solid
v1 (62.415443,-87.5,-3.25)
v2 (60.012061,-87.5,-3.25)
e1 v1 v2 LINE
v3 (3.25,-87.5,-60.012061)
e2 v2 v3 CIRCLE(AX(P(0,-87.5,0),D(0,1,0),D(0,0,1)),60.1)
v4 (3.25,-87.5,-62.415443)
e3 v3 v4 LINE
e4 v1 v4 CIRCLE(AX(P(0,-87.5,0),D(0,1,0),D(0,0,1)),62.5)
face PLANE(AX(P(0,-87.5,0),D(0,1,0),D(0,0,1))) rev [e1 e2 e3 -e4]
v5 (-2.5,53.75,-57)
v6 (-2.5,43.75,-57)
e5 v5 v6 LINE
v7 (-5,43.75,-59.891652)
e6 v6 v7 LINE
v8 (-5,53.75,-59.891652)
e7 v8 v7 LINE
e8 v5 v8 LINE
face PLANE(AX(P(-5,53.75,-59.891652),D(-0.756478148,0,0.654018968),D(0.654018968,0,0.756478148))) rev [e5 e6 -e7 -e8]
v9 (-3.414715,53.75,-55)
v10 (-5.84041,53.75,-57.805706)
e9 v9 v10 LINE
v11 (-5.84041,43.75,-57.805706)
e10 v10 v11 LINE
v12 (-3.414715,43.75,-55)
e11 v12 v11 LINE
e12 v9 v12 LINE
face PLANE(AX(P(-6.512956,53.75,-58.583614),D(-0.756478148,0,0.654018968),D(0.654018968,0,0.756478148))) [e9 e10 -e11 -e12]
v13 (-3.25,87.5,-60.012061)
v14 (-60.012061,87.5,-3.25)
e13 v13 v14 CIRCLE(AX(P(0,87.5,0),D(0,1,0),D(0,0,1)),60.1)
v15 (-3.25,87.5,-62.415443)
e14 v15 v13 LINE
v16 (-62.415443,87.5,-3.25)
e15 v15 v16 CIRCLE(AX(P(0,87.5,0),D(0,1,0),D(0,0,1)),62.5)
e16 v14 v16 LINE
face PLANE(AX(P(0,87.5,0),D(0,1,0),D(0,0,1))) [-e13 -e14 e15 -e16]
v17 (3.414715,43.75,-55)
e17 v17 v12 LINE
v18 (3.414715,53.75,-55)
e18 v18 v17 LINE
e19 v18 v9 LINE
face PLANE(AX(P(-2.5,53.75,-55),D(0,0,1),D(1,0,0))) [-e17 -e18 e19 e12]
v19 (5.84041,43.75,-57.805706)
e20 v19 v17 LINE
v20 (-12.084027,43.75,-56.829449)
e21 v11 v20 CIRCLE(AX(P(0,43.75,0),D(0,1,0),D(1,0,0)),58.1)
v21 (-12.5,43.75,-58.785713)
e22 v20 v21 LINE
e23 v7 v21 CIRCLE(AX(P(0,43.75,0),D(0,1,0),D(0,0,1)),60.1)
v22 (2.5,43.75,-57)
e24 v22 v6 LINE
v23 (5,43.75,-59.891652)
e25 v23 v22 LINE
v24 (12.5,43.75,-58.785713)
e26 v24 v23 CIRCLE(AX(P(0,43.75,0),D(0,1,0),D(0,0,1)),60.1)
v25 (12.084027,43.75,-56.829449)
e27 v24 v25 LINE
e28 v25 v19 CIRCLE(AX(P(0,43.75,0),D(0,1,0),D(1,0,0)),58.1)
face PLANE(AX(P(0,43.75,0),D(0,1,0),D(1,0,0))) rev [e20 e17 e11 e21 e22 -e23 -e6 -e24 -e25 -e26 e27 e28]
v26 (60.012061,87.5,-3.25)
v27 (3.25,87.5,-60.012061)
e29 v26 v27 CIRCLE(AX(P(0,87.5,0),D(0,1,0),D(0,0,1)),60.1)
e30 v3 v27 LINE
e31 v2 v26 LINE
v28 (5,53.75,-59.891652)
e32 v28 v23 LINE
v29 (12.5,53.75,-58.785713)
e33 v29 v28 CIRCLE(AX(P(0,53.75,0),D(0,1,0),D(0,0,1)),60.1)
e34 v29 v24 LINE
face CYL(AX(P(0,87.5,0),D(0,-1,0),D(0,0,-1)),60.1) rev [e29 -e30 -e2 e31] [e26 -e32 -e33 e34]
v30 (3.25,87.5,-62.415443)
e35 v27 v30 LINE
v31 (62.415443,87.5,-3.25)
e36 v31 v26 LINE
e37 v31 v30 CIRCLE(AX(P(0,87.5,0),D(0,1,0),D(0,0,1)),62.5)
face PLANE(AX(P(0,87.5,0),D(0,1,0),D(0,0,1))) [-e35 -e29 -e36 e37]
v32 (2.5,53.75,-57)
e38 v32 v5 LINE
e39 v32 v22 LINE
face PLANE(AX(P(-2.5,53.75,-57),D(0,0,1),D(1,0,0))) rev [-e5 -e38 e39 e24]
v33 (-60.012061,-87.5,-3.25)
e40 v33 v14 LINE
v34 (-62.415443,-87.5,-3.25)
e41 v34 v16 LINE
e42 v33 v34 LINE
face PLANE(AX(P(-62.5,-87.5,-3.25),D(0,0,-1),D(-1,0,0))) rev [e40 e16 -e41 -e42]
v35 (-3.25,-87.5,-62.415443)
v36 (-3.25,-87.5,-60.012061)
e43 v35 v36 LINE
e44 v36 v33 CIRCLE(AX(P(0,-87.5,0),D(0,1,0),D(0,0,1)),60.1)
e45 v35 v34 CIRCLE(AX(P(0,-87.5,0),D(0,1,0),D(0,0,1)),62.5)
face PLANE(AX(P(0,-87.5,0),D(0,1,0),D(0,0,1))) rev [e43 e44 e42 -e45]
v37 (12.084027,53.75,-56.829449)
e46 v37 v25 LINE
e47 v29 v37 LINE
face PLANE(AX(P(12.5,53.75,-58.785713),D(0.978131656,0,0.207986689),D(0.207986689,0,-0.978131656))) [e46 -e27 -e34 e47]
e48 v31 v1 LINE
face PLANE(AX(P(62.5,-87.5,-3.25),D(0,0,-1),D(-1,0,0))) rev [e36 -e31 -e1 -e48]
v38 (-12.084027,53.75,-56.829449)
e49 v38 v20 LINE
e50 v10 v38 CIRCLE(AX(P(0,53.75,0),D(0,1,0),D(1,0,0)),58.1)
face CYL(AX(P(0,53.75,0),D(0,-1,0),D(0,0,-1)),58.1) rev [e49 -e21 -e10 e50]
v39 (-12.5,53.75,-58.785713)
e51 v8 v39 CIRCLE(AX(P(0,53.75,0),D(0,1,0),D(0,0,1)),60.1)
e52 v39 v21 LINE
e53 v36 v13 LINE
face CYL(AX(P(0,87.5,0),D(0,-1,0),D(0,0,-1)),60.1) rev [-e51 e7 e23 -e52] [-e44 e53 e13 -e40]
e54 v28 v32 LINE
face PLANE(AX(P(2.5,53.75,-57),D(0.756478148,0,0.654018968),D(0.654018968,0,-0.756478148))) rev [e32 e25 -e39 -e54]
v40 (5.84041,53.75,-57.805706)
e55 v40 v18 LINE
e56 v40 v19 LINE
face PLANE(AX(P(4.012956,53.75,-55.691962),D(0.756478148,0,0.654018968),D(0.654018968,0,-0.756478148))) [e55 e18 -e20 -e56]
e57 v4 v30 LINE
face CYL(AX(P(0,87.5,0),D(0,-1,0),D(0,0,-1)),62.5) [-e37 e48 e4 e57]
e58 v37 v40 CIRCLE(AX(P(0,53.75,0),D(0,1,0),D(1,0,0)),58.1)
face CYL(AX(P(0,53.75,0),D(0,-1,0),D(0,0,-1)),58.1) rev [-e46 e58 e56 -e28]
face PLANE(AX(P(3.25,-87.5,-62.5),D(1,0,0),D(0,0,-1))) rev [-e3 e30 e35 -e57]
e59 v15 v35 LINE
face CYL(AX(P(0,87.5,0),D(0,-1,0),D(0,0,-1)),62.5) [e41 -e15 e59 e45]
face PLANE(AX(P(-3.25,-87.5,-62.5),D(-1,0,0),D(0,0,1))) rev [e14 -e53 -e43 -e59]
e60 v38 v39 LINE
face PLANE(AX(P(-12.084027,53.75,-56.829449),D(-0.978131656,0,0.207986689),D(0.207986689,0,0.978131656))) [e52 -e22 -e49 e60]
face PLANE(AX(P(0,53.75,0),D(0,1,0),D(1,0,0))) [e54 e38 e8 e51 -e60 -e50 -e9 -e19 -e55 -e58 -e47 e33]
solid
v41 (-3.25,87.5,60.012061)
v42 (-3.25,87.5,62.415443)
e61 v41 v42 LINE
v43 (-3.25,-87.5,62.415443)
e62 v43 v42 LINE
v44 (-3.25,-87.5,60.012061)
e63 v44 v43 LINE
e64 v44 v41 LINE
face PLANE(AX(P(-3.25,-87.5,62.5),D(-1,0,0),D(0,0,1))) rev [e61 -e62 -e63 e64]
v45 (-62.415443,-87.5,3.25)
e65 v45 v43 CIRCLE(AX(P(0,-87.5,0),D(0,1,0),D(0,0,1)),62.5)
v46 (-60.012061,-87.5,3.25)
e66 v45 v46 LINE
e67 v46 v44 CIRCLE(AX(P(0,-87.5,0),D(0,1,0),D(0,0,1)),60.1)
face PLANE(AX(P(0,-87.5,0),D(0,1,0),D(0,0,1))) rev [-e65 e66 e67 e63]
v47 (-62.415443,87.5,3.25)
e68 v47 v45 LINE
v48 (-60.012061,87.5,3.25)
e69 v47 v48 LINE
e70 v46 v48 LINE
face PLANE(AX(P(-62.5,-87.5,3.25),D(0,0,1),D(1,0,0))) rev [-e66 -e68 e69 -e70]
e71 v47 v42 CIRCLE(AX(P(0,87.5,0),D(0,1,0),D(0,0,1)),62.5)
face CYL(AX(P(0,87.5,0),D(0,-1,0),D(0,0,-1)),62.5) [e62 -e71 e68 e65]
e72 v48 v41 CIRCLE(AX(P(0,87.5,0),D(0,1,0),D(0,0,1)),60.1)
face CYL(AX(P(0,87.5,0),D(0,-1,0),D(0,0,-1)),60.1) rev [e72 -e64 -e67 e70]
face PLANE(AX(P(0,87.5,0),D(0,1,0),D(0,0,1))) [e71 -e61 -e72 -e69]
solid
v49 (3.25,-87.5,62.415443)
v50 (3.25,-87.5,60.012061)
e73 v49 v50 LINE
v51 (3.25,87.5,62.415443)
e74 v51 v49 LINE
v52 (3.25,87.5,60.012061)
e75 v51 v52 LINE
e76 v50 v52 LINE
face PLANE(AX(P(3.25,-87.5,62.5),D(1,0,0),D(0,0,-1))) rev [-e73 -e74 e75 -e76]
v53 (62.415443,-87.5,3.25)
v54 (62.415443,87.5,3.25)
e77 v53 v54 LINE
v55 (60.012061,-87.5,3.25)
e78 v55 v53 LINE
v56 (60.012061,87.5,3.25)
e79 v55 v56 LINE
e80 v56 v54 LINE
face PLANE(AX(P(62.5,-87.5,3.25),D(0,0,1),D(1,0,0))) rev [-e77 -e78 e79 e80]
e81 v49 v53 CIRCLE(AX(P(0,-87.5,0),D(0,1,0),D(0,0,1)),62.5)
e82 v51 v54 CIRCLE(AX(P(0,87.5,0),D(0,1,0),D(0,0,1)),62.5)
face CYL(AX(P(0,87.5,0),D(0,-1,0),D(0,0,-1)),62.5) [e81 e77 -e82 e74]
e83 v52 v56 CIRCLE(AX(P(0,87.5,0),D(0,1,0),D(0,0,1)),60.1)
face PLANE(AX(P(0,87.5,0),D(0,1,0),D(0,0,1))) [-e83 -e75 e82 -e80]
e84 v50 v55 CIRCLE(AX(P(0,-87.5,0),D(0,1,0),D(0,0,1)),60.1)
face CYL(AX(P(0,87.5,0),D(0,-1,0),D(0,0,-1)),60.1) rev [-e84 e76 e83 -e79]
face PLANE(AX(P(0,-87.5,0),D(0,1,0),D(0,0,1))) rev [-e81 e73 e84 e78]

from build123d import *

# Parameters (mm, degrees)
SKETCH1_R           = 62.5
SKETCH1_R_2         = 60.1
BOSS_EXTRUDE1_DEPTH = 87.5
SKETCH2_W           = 6.5
SKETCH2_H           = 2.487938712
CUT_EXTRUDE1_DEPTH  = 197.054839267
CIRPATTERN1_COUNT   = 4
EXTRUDE_THIN1_DEPTH = 10


with BuildPart() as part:
    # Sketch1 → Boss-Extrude1 (new, symmetric)
    with BuildSketch(Plane(origin=(0, 0, 0), x_dir=(1, 0, 0), z_dir=(0, 1, 0))):
        with Locations(Location((0, 0, 0), (0, 0, 270))):
            Circle(SKETCH1_R)
        with Locations(Location((0, 0, 0), (0, 0, 270))):
            Circle(SKETCH1_R_2, mode=Mode.SUBTRACT)
    extrude(amount=BOSS_EXTRUDE1_DEPTH, both=True)

    # Sketch2 → Cut-Extrude1 (cut, through all)
    with BuildSketch(Plane(origin=(0, 87.5, 0), x_dir=(1, 0, 0), z_dir=(0, 1, 0))):
        with Locations((0, 61.256030644)):
            Rectangle(SKETCH2_W, SKETCH2_H)
    cut_extrude1 = extrude(amount=-CUT_EXTRUDE1_DEPTH, mode=Mode.SUBTRACT)

    # CirPattern1: Cut-Extrude1 ×4 about axis
    cirpattern1_axis = Axis((0, 0, 0), (0, 1, 0))
    for i in range(1, CIRPATTERN1_COUNT):
        add(cut_extrude1.rotate(cirpattern1_axis, i * 360 / CIRPATTERN1_COUNT), mode=Mode.SUBTRACT)

    # Sketch3 → Extrude-Thin1 (add)
    with BuildSketch(Plane(origin=(0, 43.75, 0), x_dir=(1, 0, 0), z_dir=(0, 1, 0))):
        with BuildLine():
            ThreePointArc((-12.5, 58.78571255), (-8.767455481, 59.457057818), (-5, 59.891652173))
            Line((-5, 59.891652173), (-2.5, 57))
            Line((-2.5, 57), (2.5, 57))
            Line((2.5, 57), (5, 59.891652173))
            ThreePointArc((5, 59.891652173), (8.767455481, 59.457057818), (12.5, 58.78571255))
            Line((12.5, 58.78571255), (12.084026622, 56.829449237))
            ThreePointArc((12.084026622, 56.829449237), (8.975501228, 57.402529367), (5.840409558, 57.805705741))
            Line((5.840409558, 57.805705741), (3.414715203, 55))
            Line((3.414715203, 55), (-3.414715203, 55))
            Line((-3.414715203, 55), (-5.840409558, 57.805705741))
            ThreePointArc((-5.840409558, 57.805705741), (-8.975501228, 57.402529367), (-12.084026622, 56.829449237))
            Line((-12.084026622, 56.829449237), (-12.5, 58.78571255))
        make_face()
    extrude(amount=EXTRUDE_THIN1_DEPTH)


solid = part.part
